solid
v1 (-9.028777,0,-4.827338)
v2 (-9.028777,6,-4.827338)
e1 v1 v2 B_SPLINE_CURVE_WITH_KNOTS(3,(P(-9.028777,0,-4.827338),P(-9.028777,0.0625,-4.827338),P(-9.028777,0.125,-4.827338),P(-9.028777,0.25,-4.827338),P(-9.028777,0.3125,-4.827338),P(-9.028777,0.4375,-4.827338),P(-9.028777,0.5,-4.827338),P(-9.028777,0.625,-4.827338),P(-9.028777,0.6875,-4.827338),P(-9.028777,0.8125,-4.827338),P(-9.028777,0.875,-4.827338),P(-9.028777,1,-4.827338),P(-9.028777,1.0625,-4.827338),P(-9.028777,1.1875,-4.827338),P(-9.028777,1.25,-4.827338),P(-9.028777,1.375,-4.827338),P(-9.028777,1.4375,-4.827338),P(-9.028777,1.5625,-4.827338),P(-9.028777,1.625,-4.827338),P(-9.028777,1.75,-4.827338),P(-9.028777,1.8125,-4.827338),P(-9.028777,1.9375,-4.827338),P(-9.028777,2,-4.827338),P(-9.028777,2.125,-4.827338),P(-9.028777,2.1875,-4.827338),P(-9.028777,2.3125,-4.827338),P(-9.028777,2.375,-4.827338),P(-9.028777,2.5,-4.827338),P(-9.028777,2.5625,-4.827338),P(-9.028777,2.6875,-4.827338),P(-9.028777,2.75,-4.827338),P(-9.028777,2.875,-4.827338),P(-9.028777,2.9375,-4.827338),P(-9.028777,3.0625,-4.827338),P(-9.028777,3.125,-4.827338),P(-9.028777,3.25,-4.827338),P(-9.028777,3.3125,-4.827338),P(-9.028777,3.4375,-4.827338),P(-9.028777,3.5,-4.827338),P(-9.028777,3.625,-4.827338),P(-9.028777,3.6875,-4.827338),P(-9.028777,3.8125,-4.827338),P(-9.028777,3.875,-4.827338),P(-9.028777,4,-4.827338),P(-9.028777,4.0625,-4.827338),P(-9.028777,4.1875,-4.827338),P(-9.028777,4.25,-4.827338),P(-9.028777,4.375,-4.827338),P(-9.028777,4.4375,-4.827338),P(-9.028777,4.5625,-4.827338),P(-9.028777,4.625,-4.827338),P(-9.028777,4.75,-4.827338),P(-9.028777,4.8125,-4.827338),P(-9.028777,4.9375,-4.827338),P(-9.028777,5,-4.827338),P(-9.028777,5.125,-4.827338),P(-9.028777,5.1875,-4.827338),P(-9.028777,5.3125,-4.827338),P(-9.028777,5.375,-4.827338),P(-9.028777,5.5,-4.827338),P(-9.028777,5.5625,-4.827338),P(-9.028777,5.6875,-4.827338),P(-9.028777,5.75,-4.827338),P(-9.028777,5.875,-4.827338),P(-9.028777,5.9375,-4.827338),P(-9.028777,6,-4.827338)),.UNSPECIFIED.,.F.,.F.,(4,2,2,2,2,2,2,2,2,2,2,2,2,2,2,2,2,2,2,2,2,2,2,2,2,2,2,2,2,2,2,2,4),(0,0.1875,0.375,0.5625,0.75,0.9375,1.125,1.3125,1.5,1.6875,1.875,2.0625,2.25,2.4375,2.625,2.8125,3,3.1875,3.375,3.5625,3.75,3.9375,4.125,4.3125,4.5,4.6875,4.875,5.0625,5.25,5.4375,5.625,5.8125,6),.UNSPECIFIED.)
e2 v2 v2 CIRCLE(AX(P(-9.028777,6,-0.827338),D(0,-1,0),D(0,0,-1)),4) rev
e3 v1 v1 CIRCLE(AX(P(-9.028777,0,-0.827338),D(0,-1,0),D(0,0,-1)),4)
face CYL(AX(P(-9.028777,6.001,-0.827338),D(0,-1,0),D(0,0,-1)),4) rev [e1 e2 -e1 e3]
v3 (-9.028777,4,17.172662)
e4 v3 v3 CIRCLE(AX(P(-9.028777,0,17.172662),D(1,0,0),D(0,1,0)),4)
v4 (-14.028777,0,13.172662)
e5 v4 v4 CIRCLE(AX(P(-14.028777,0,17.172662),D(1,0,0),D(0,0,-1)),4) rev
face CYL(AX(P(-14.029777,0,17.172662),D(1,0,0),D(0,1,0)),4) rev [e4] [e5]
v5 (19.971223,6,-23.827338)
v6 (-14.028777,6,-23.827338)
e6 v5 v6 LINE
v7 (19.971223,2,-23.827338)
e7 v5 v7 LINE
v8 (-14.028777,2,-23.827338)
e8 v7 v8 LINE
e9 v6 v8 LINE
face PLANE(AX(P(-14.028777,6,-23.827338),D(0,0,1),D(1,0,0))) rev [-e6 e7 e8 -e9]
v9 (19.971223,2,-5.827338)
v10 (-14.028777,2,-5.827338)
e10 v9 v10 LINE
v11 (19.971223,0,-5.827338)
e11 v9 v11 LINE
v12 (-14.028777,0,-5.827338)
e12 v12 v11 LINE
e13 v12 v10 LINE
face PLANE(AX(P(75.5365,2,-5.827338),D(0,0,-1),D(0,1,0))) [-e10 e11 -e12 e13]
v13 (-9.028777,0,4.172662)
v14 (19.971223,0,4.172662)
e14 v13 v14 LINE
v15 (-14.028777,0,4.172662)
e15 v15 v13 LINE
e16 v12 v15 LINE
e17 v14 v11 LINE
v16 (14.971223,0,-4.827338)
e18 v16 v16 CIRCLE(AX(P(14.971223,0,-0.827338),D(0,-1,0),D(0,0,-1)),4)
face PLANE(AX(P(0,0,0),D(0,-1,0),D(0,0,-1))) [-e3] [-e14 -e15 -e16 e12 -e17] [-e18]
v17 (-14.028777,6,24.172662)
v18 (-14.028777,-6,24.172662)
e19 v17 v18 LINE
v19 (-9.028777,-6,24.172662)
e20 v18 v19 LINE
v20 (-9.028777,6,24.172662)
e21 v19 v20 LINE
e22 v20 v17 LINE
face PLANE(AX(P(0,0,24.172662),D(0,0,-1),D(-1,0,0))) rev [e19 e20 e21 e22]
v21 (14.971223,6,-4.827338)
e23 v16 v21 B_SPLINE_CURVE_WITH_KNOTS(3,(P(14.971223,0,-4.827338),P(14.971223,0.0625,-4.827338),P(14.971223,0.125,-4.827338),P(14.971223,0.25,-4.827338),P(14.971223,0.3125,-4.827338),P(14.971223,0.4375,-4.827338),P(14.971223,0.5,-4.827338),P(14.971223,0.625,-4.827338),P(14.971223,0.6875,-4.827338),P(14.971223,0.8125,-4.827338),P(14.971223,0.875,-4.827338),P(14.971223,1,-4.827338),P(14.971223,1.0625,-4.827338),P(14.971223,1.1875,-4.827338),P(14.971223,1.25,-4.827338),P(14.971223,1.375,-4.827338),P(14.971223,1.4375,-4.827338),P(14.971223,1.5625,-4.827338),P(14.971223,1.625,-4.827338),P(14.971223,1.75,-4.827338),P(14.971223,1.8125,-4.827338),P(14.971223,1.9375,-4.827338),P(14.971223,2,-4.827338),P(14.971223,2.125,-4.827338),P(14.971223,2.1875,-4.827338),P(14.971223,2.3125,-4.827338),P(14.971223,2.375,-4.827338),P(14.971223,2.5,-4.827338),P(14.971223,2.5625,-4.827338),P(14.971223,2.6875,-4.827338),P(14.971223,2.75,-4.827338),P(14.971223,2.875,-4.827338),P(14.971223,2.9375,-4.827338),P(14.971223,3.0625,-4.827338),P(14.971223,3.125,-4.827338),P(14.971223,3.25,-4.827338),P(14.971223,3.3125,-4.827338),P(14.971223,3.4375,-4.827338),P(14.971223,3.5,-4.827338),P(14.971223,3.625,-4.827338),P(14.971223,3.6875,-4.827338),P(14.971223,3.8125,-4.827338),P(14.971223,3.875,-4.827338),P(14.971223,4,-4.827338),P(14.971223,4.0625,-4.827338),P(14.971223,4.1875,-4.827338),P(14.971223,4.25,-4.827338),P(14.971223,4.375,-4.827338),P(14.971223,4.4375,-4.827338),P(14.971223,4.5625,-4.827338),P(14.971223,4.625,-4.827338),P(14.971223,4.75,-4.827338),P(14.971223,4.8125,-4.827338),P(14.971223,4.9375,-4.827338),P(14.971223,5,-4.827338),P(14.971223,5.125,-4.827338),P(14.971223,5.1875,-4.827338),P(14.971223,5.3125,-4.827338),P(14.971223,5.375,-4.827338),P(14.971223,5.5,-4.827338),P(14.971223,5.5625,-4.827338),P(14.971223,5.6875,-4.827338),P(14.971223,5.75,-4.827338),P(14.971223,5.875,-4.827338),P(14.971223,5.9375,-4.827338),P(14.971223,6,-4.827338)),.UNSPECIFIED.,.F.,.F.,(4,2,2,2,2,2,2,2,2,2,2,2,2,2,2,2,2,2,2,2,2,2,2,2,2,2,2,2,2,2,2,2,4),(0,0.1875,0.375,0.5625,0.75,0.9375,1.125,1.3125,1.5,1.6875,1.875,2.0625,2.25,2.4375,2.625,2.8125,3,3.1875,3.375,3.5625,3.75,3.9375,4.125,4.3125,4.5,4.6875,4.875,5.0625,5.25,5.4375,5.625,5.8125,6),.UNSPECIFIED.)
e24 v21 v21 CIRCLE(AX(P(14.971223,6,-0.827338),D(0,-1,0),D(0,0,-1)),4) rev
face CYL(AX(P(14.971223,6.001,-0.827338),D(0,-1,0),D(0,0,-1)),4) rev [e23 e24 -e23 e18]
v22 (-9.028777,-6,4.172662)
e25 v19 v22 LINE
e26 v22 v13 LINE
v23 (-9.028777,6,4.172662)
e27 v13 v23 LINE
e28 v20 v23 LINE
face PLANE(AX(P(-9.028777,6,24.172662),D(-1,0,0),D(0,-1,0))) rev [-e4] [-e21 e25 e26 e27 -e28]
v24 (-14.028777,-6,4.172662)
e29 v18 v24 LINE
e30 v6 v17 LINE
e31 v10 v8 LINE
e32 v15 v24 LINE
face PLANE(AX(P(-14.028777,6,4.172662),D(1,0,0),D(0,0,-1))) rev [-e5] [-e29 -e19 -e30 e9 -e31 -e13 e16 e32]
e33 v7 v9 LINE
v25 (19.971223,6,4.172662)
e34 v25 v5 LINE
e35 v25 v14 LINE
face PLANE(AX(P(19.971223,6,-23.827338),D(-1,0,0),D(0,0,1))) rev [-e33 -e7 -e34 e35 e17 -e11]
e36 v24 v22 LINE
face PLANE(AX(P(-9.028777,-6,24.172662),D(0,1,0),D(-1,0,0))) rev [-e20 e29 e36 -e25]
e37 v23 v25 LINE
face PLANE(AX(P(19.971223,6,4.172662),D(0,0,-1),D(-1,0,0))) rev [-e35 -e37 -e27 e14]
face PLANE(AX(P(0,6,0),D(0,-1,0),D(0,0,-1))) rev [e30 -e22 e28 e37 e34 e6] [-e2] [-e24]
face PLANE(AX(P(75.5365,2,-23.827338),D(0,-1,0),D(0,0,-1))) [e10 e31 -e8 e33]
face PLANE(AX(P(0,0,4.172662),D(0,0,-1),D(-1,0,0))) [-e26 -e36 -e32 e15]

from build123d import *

# Parameters (mm, degrees)
SKETCH_1_W               = 34
SKETCH_1_H               = 28
EXTRUDE_1_DEPTH          = 6
CUT_EXTRUDE_1_DEPTH      = 42.949279402
CUT_EXTRUDE_1_DEPTH_BACK = 42.949279402
CUT_EXTRUDE_3_REACH      = 33.664
SKETCH_5_R               = 4
SKETCH_9_W               = 5
SKETCH_9_H               = 12
EXTRUDE_4_DEPTH          = 20
CUT_EXTRUDE_4_REACH      = 40.227
SKETCH_10_R              = 4


with BuildPart() as part:
    # 草图1 → 凸台-拉伸1 (new body)
    with BuildSketch(Plane(origin=(0, 0, 0), x_dir=(1, 0, 0), z_dir=(0, 1, 0))):
        with Locations((2.971223022, 9.827338129)):
            Rectangle(SKETCH_1_W, SKETCH_1_H)
    extrude(amount=EXTRUDE_1_DEPTH)

    # 草图2 → 切除-拉伸1 (cut, two sides: drawn at the far end of the back side and taken through both)
    with BuildSketch(Plane(origin=(19.971223022, 0, 0), x_dir=(0, 0, -1), z_dir=(1, 0, 0)).offset(-CUT_EXTRUDE_1_DEPTH_BACK)):
        Polygon((90.395880624, 2), (23.827338129, 2), (5.827338129, 2), (5.827338129, 0), (5.827338129, -66.568542495), (89.676932139, -169.983865267), (174.245474634, -101.415322772), align=None)
    extrude(amount=CUT_EXTRUDE_1_DEPTH + CUT_EXTRUDE_1_DEPTH_BACK, mode=Mode.SUBTRACT)

    # 草图5 → 切除-拉伸3 (cut, up to next)
    with BuildSketch(Plane.XZ, mode=Mode.PRIVATE) as cut_extrude_3_sk1:
        with Locations(Location((-9.028776978, -0.827338129, 0), (0, 0, 270))):
            Circle(SKETCH_5_R)
    cut_extrude_3_tool1 = extrude(cut_extrude_3_sk1.sketch, amount=-CUT_EXTRUDE_3_REACH, mode=Mode.PRIVATE) & part.part
    # 草图5 → 切除-拉伸3 (cut, up to next)
    with BuildSketch(Plane.XZ, mode=Mode.PRIVATE) as cut_extrude_3_sk2:
        with Locations(Location((14.971223022, -0.827338129, 0), (0, 0, 270))):
            Circle(SKETCH_5_R)
    cut_extrude_3_tool2 = extrude(cut_extrude_3_sk2.sketch, amount=-CUT_EXTRUDE_3_REACH, mode=Mode.PRIVATE) & part.part
    add(cut_extrude_3_tool1.solids().sort_by_distance((-9.028777, 0, -0.827338))[0], mode=Mode.SUBTRACT)
    add(cut_extrude_3_tool2.solids().sort_by_distance((14.971223, 0, -0.827338))[0], mode=Mode.SUBTRACT)

    # 草图9 → 凸台-拉伸4 (add)
    with BuildSketch(Plane.XY.offset(4.172661871)):
        with Locations((-11.528776978, 0)):
            Rectangle(SKETCH_9_W, SKETCH_9_H)
    extrude(amount=EXTRUDE_4_DEPTH)

    # 草图10 → 切除-拉伸4 (cut, up to next)
    with BuildSketch(Plane(origin=(-9.028776978, 0, 0), x_dir=(0, 0, -1), z_dir=(1, 0, 0)), mode=Mode.PRIVATE) as cut_extrude_4_sk1:
        with Locations(Location((-17.172661871, 0, 0), (0, 0, 90))):
            Circle(SKETCH_10_R)
    cut_extrude_4_tool1 = extrude(cut_extrude_4_sk1.sketch, amount=-CUT_EXTRUDE_4_REACH, mode=Mode.PRIVATE) & part.part
    add(cut_extrude_4_tool1.solids().sort_by_distance((-9.028777, 0, 17.172662))[0], mode=Mode.SUBTRACT)


solid = part.part
